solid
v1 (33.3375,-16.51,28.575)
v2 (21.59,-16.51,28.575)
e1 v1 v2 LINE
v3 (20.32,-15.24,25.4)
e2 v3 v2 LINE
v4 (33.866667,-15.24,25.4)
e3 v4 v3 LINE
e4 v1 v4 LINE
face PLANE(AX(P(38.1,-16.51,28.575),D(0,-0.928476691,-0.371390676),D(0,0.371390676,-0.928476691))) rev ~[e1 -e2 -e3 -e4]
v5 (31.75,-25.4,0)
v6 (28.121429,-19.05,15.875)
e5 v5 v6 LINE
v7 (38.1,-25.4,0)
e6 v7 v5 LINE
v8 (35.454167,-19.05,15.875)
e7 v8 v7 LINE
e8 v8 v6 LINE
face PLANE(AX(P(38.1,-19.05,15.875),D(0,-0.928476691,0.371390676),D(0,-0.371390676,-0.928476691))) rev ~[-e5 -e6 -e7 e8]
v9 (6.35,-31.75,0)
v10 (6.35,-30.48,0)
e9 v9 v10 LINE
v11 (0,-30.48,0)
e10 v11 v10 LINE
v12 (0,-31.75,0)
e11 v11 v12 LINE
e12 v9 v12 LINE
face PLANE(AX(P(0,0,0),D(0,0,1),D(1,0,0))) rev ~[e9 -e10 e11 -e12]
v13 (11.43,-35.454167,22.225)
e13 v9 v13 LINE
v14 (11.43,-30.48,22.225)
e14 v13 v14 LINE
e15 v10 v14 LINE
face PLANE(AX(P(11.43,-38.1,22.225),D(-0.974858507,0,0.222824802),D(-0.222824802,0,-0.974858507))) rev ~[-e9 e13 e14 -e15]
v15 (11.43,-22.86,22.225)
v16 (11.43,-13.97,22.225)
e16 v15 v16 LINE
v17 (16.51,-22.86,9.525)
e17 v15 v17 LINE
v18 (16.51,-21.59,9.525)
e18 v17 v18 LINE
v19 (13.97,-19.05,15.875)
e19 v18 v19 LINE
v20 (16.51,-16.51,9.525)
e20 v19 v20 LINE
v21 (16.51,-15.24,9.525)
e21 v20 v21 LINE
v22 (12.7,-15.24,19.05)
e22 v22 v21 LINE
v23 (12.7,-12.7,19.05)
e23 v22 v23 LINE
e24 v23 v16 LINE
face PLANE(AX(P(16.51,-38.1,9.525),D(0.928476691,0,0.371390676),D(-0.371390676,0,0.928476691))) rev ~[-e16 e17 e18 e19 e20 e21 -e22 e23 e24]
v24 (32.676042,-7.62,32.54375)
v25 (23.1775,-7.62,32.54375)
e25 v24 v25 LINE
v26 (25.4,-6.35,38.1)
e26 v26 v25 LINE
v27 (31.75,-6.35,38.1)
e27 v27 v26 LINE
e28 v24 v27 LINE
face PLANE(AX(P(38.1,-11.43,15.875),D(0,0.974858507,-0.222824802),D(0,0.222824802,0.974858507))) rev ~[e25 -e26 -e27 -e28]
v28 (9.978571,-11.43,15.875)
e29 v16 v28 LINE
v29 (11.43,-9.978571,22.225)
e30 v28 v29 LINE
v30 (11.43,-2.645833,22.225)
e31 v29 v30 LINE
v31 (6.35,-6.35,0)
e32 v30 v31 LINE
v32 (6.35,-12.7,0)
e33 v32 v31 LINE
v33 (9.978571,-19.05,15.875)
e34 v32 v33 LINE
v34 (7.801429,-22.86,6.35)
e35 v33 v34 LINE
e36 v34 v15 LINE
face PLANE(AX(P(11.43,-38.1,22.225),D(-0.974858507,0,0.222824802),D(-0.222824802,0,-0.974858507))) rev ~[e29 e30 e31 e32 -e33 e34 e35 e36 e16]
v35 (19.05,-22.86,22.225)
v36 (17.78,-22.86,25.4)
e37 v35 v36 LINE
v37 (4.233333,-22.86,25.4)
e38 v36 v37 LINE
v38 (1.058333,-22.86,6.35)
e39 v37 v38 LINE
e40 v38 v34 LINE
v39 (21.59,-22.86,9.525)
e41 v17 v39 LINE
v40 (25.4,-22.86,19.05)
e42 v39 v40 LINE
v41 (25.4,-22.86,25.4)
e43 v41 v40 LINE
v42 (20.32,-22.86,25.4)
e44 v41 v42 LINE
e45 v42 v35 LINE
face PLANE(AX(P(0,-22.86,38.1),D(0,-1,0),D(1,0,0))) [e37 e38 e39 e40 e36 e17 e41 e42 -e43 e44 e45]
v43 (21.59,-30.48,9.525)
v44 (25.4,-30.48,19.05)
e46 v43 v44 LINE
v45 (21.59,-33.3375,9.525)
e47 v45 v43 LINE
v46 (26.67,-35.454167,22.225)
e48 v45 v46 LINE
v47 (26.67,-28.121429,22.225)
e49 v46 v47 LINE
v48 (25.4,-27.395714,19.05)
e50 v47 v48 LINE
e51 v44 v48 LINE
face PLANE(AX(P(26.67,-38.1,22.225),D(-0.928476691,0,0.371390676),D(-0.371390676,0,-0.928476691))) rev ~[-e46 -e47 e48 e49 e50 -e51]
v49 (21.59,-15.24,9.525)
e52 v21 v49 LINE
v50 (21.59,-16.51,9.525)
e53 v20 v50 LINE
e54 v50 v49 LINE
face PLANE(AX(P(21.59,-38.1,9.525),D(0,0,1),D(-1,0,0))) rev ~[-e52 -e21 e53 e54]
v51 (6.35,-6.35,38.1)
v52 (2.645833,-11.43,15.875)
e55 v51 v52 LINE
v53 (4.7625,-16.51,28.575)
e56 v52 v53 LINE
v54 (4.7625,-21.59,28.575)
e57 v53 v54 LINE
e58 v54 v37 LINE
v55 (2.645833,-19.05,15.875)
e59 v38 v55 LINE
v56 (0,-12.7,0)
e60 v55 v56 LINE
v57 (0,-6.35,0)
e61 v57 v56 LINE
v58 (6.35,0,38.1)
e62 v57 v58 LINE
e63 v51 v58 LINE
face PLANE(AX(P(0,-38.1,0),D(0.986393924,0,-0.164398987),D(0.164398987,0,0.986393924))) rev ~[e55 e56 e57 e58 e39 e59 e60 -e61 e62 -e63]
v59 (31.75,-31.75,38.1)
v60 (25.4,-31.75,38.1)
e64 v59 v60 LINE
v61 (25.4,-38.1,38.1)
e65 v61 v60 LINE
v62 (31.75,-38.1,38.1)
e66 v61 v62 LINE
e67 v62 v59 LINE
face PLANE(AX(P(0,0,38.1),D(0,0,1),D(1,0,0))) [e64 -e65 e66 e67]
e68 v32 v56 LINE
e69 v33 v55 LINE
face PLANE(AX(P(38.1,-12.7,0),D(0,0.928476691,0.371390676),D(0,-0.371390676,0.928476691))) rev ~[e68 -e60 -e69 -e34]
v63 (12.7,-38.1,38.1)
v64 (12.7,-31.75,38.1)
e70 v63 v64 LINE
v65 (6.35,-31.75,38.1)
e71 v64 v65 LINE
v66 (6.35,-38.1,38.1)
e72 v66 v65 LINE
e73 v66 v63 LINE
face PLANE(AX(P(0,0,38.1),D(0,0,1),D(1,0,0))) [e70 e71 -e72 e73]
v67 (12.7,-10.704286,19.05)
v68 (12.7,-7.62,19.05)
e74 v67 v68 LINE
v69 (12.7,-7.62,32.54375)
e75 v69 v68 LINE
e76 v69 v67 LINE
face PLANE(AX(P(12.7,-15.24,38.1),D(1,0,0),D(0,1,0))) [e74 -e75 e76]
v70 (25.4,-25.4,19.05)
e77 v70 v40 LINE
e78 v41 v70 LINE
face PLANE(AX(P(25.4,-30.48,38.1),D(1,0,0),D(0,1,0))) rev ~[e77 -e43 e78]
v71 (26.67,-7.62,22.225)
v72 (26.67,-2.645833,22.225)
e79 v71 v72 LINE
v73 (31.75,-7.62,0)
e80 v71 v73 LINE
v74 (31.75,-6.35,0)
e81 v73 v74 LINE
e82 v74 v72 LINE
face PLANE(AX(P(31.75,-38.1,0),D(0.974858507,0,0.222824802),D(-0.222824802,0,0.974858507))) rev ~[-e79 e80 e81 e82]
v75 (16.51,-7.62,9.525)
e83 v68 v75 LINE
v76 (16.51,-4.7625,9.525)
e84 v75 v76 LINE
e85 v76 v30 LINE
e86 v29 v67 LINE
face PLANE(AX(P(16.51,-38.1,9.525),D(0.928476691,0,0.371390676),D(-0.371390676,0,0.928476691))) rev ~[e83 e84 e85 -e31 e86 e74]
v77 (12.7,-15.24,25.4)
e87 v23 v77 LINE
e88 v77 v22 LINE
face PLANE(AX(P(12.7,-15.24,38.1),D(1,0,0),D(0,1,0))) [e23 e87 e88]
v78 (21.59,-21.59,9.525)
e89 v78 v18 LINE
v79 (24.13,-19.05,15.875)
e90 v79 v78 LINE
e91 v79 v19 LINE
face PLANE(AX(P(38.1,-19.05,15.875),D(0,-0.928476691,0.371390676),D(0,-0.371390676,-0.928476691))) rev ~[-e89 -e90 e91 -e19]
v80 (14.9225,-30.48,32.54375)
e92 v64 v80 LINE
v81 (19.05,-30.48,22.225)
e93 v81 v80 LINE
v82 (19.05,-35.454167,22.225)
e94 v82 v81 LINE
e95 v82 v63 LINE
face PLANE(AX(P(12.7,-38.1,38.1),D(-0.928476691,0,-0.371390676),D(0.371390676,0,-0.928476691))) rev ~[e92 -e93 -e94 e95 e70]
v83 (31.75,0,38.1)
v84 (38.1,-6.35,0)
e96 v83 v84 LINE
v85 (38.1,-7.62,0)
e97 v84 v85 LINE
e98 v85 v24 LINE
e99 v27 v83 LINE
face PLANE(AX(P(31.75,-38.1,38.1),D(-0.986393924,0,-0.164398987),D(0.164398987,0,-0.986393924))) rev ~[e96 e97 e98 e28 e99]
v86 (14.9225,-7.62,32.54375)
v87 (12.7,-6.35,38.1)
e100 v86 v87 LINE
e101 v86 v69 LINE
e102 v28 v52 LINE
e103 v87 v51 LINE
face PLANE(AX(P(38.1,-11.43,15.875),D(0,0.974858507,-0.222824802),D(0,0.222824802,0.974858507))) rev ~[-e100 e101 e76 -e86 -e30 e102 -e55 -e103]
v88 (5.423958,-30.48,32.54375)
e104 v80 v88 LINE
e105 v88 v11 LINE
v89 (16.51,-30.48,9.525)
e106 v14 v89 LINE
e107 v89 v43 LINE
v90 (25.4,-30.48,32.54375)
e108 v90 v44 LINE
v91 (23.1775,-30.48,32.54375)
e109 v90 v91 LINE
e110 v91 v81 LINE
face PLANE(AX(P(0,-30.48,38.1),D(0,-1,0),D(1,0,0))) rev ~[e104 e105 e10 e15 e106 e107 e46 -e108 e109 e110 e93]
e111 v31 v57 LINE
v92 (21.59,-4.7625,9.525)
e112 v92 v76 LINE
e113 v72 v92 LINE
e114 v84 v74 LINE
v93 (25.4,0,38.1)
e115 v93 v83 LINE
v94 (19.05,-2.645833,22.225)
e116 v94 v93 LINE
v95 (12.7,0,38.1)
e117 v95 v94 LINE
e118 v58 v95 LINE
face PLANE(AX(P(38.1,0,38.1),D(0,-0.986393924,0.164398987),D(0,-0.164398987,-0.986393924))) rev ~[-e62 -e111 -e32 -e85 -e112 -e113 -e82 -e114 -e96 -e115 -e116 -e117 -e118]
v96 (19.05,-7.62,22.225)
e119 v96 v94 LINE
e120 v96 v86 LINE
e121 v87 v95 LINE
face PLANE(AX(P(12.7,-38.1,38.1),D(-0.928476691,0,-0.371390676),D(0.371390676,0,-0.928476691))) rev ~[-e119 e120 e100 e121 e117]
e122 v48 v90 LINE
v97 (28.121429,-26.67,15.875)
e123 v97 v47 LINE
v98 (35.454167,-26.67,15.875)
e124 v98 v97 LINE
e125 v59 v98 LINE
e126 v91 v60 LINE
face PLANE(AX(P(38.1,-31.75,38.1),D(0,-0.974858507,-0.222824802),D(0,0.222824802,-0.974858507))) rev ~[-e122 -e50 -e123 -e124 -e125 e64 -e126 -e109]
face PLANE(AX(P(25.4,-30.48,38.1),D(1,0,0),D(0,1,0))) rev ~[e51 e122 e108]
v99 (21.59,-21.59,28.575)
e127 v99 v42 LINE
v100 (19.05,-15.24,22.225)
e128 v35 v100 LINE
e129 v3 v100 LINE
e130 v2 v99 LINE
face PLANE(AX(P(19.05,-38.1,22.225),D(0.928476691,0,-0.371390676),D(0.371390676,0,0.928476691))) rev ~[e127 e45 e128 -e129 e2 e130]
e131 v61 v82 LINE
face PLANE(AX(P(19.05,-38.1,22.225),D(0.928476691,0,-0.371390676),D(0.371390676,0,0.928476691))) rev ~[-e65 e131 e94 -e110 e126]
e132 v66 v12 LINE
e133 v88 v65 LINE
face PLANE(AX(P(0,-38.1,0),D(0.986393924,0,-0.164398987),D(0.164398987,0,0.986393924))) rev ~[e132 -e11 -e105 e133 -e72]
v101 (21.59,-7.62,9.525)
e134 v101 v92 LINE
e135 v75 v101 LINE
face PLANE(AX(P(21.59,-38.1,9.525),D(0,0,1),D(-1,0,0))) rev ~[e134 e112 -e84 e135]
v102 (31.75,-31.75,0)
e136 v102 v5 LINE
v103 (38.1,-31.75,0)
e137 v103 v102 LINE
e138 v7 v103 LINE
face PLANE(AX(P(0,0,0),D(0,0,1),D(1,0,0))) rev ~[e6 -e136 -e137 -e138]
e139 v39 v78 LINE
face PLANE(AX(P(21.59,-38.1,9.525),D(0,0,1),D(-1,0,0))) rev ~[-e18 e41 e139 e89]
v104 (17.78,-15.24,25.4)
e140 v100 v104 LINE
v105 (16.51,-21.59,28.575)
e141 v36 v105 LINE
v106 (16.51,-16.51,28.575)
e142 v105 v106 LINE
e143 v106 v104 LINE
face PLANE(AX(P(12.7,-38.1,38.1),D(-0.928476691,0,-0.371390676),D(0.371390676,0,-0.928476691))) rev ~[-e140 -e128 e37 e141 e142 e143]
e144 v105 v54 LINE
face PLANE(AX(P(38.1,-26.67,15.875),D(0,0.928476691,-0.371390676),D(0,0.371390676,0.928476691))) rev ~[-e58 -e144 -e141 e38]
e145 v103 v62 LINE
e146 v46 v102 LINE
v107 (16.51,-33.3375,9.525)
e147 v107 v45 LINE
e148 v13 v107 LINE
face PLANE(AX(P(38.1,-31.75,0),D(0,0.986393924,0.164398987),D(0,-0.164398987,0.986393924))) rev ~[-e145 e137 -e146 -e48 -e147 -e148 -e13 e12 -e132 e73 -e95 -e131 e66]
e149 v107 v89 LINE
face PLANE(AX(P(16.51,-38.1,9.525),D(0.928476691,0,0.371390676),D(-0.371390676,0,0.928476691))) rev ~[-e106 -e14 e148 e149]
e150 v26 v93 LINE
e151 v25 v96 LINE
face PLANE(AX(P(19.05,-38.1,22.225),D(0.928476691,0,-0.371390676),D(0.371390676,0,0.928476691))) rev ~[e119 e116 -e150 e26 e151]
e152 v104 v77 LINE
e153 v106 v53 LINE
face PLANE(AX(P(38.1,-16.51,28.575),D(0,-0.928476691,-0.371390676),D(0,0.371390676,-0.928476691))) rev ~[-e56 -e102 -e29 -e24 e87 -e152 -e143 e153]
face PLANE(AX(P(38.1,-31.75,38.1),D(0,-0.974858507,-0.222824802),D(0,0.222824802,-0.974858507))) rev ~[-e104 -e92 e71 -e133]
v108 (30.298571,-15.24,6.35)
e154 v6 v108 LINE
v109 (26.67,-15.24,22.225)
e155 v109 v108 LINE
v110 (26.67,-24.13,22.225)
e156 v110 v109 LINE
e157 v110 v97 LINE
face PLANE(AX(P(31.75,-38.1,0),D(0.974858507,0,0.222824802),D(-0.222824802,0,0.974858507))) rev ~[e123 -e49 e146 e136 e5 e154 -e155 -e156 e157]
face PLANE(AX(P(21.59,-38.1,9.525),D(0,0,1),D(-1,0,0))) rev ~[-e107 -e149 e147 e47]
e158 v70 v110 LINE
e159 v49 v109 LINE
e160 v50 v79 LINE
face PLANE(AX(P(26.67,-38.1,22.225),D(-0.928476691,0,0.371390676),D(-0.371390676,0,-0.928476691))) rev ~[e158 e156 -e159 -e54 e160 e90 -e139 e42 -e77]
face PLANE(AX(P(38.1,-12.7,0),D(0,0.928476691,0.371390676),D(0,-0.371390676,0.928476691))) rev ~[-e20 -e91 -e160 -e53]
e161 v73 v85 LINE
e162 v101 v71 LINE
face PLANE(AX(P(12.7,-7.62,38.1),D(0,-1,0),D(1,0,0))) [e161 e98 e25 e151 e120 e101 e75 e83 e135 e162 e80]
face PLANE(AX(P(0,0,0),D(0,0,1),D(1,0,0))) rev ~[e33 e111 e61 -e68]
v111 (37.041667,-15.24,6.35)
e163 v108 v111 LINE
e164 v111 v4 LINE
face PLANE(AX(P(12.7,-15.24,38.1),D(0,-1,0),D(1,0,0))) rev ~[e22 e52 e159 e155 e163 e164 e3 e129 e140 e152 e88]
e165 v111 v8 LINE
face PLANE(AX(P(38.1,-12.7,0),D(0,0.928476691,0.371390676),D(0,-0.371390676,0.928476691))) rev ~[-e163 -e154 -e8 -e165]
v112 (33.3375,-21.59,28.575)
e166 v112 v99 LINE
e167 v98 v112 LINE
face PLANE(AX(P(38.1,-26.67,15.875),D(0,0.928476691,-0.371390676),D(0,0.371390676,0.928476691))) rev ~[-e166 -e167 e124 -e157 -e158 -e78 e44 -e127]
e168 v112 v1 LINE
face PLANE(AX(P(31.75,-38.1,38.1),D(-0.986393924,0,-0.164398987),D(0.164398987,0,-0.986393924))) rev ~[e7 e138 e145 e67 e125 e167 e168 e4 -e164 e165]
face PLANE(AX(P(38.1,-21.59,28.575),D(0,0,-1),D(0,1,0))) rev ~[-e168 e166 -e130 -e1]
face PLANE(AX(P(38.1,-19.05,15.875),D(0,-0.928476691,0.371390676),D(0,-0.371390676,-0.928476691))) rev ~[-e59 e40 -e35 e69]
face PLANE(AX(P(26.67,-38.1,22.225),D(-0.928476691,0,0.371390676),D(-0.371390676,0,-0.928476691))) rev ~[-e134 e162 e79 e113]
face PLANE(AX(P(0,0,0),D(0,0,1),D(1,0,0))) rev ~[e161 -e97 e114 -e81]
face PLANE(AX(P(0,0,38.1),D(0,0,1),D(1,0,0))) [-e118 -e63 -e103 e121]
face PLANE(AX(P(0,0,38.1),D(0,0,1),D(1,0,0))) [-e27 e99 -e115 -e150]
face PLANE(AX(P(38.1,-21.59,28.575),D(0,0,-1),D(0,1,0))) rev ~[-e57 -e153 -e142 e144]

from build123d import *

# Parameters (mm, degrees)
F0_W      = 38.1
F0_H      = 38.1
F1_DEPTH  = 38.1
F6_DEPTH  = 38.1
F8_DEPTH  = 38.1
F9_W      = 25.4
F9_H      = 7.62
F10_DEPTH = 38.1


with BuildPart() as f1:
    # F0 (on Front) → F1 (new body)
    with BuildSketch(Plane.XZ):
        with Locations((19.05, 19.05)):
            Rectangle(F0_W, F0_H)
    extrude(amount=F1_DEPTH)

    # F5 (on offset) → F6 (cut)
    with BuildSketch(Plane.YZ.offset(38.1)):
        Polygon((-25.4, 0), (-12.7, 0), (-19.05, 15.875), align=None)
        Polygon((-11.43, 15.875), (-6.35, 38.1), (-31.75, 38.1), (-26.67, 15.875), (-21.59, 28.575), (-16.51, 28.575), align=None)
        Polygon((-31.75, 0), (-38.1, 38.1), (-38.1, 0), align=None)
        Polygon((-6.35, 0), (0, 0), (0, 38.1), align=None)
    extrude(amount=-F6_DEPTH, mode=Mode.SUBTRACT)

    # F7 (on offset) → F8 (cut)
    with BuildSketch(Plane.XZ.offset(38.1)):
        Polygon((11.43, 22.225), (6.35, 0), (31.75, 0), (26.67, 22.225), (21.59, 9.525), (16.51, 9.525), align=None)
        Polygon((25.4, 38.1), (12.7, 38.1), (19.05, 22.225), align=None)
        Polygon((0, 38.1), (0, 0), (6.35, 38.1), align=None)
        Polygon((31.75, 38.1), (38.1, 0), (38.1, 38.1), align=None)
    extrude(amount=-F8_DEPTH, mode=Mode.SUBTRACT)

    # F9 (on offset) → F10 (cut)
    with BuildSketch(Plane.XY.offset(38.1)):
        with Locations((25.4, -11.43)):
            Rectangle(F9_W, F9_H)
        with Locations((12.7, -26.67)):
            Rectangle(F9_W, F9_H)
    extrude(amount=-F10_DEPTH, mode=Mode.SUBTRACT)


solid = f1.part
